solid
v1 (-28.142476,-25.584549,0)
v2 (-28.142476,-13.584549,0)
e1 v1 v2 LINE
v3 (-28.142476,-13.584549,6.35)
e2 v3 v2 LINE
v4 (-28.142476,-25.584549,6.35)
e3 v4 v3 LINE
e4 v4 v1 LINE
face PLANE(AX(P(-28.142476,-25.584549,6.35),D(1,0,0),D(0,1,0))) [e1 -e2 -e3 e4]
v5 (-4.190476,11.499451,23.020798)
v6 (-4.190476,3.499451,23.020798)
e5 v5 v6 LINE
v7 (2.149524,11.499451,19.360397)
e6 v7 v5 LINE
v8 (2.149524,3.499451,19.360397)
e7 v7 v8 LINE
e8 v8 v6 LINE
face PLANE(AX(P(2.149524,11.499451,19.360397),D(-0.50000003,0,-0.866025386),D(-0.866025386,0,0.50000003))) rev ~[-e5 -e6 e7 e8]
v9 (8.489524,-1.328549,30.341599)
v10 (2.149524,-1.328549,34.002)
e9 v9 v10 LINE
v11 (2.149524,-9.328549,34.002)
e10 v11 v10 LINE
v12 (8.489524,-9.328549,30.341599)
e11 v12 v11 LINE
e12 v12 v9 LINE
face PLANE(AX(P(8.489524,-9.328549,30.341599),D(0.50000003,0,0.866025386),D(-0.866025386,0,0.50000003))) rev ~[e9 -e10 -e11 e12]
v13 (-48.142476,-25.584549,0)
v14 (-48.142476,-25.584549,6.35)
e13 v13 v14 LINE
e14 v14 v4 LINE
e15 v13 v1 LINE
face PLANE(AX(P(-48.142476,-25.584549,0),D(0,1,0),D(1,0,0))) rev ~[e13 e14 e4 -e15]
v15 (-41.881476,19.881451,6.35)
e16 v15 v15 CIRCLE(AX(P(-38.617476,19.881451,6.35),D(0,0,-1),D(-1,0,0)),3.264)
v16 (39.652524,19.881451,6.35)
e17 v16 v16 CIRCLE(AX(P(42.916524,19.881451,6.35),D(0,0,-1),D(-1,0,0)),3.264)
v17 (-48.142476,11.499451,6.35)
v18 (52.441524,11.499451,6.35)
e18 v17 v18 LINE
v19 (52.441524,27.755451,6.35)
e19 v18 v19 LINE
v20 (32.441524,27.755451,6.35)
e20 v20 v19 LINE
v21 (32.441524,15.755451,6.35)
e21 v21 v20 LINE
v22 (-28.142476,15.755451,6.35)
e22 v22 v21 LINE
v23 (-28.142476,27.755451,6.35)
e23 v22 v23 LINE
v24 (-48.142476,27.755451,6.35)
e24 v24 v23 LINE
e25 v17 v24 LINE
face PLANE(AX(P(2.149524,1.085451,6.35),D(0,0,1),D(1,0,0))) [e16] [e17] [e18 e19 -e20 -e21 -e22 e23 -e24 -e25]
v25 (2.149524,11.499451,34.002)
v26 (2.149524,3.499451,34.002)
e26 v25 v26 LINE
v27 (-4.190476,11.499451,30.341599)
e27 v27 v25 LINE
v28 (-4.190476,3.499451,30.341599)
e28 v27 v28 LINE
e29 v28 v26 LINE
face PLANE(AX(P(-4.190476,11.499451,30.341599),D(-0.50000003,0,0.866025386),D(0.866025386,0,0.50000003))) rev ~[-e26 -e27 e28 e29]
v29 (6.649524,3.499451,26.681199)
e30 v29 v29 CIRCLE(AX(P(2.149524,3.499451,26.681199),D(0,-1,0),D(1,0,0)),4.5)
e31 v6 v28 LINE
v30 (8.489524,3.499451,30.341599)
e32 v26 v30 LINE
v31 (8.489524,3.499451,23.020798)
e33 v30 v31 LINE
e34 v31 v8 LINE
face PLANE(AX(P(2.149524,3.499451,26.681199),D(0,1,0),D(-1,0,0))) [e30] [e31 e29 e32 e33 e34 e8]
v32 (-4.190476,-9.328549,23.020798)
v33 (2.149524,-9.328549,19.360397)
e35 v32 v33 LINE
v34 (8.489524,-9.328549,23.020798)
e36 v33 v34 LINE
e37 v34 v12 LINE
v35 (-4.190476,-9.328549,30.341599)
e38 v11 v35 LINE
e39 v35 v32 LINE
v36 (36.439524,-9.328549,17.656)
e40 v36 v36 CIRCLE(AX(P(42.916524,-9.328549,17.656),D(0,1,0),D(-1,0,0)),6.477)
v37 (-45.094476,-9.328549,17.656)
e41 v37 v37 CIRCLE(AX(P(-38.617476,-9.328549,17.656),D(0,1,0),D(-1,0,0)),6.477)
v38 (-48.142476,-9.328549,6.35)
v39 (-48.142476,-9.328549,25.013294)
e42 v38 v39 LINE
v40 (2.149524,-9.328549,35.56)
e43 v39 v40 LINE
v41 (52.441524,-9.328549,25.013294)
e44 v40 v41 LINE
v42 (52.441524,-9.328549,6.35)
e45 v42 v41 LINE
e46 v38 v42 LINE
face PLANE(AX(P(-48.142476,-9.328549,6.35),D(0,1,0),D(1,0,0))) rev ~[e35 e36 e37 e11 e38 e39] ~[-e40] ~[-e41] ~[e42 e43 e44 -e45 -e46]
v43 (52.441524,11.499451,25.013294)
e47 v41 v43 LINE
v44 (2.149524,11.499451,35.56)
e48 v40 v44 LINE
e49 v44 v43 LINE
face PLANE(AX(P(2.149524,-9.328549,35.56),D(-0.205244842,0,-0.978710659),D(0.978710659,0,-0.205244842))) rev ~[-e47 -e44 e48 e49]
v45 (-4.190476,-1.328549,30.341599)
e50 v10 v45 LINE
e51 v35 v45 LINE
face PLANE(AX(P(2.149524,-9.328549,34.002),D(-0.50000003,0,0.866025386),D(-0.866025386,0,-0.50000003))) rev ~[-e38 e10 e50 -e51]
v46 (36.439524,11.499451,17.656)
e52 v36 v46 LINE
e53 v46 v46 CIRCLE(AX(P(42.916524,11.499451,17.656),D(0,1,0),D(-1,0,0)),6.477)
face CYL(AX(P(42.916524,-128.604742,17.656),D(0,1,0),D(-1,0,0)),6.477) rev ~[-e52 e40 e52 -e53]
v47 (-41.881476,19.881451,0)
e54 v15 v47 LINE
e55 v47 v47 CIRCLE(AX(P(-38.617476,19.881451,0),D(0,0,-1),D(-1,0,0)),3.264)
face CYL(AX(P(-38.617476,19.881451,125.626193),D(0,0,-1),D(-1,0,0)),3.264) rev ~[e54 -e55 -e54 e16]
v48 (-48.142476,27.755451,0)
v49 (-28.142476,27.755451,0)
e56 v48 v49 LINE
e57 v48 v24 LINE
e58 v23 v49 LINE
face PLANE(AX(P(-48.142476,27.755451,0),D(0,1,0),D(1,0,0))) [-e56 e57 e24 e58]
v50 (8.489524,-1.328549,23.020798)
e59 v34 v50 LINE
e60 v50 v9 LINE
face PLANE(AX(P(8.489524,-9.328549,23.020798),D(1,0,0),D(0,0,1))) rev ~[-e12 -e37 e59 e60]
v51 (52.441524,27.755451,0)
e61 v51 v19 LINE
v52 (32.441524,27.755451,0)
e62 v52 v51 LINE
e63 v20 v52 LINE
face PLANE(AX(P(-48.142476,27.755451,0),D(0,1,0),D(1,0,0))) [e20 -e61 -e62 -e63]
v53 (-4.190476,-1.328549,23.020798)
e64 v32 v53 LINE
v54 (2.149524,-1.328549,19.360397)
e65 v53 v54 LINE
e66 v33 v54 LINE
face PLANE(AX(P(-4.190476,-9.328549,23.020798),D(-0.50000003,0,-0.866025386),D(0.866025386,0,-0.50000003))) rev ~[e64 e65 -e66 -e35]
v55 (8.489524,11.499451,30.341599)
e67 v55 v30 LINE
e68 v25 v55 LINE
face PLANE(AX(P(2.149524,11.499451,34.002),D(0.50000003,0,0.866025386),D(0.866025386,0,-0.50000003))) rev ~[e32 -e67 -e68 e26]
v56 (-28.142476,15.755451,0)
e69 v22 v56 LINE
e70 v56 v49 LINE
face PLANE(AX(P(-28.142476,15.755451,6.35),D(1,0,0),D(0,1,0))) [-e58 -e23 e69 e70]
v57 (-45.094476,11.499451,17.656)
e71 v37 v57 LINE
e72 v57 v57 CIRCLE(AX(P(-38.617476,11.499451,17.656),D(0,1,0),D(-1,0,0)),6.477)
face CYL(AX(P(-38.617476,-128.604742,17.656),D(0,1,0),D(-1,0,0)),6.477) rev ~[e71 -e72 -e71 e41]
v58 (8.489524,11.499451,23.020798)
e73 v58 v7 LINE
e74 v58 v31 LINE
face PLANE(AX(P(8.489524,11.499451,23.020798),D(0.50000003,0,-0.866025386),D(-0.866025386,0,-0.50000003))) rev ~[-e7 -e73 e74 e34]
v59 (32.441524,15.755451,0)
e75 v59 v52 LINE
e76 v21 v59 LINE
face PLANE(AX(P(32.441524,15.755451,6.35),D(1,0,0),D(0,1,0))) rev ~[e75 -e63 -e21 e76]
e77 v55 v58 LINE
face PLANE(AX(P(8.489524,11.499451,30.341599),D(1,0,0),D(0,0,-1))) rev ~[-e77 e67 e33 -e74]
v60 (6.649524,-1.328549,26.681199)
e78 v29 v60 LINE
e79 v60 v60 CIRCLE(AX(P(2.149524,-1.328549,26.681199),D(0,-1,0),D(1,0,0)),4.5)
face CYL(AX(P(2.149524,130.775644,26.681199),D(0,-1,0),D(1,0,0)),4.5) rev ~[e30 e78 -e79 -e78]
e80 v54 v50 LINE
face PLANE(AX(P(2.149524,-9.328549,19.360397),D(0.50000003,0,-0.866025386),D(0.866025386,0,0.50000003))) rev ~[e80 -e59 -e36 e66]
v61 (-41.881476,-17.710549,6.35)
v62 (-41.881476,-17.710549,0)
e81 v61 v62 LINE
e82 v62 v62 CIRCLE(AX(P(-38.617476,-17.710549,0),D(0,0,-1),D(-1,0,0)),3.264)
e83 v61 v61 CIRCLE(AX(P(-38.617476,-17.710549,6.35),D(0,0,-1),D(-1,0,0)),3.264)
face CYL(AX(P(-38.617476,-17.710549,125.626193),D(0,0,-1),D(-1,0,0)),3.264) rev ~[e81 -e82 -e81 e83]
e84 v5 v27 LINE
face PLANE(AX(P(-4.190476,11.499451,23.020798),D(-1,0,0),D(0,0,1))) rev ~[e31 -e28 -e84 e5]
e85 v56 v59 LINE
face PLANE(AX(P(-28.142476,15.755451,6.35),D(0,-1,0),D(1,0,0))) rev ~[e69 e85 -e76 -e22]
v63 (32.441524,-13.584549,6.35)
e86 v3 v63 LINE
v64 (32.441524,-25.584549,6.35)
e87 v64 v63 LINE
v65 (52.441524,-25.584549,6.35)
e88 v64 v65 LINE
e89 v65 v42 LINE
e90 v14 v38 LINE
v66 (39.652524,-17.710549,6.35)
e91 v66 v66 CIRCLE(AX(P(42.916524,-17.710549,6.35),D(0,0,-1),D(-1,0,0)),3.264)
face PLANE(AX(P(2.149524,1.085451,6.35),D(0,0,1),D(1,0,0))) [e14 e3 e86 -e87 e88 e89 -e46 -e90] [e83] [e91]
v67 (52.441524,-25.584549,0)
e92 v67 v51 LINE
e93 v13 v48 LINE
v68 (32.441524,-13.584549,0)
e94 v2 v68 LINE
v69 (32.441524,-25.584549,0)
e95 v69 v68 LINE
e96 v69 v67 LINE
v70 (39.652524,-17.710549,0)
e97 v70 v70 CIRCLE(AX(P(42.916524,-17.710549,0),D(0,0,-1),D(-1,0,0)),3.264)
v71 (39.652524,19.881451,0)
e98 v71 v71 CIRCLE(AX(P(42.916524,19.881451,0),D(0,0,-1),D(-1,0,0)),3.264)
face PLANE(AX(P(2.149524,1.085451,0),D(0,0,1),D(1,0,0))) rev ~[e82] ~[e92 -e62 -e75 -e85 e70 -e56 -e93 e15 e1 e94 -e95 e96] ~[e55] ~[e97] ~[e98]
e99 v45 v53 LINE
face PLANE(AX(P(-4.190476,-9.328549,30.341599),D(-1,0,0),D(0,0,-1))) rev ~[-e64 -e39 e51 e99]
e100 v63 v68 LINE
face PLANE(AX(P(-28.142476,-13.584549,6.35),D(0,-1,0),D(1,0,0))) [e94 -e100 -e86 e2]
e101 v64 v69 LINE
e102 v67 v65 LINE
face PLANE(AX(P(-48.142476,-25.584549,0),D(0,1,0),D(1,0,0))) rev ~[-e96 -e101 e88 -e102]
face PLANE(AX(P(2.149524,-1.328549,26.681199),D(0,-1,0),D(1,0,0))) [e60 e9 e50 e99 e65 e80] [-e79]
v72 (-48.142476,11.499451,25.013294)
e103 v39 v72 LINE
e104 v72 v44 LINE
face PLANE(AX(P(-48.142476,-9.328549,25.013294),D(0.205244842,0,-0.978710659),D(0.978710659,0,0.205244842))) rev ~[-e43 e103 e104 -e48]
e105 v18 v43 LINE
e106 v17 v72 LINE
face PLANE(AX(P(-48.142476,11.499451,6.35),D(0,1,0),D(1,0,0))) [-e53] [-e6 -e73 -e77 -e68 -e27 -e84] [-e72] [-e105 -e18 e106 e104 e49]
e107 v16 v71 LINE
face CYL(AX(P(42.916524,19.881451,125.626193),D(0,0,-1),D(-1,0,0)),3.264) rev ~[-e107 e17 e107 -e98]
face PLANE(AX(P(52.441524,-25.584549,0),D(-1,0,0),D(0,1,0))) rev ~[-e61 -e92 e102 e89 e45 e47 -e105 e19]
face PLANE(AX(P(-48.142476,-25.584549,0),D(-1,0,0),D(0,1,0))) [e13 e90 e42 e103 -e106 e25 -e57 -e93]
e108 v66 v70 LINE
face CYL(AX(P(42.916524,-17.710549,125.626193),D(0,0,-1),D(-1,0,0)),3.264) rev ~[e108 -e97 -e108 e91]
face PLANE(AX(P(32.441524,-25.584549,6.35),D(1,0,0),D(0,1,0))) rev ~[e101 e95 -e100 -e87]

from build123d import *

# Parameters (mm, degrees)
F0_W      = 100.584
F0_H      = 53.34
F1_DEPTH  = 6.35
F2_W      = 100.584
F2_H      = 20.828
F3_DEPTH  = 29.21
F5_DEPTH  = 8
F7_DEPTH  = 8
F9_D      = 9
F11_D     = 12.954
F13_D     = 6.528
F14_W     = 60.584
F14_H     = 12
F15_DEPTH = 6.35
F16_W     = 60.584
F16_H     = 12
F17_DEPTH = 6.35
F19_DEPTH = 20.828


with BuildPart() as f1:
    # F0 (on Top) → F1 (new body)
    with BuildSketch(Plane.XY):
        with Locations((2.149524, 1.085451)):
            Rectangle(F0_W, F0_H)
    extrude(amount=F1_DEPTH)

    # F2 (on face) → F3 (join)
    with BuildSketch(Plane.XY.offset(6.35)):
        with Locations((2.149524, 1.085451)):
            Rectangle(F2_W, F2_H)
    extrude(amount=F3_DEPTH)

    # F4 (on face) → F5 (cut)
    with BuildSketch(Plane.XZ.offset(9.328549)):
        Polygon((8.489524, 23.020798), (8.489524, 30.341599), (2.149524, 34.002), (-4.190476, 30.341599), (-4.190476, 23.020798), (2.149524, 19.360397), align=None)
    extrude(amount=-F5_DEPTH, mode=Mode.SUBTRACT)

    # F6 (on face) → F7 (cut)
    with BuildSketch(Plane(origin=(0, 11.499451, 0), x_dir=(-1, 0, 0), z_dir=(0, 1, 0))):
        Polygon((4.190476, 23.020798), (4.190476, 30.341599), (-2.149524, 34.002), (-8.489524, 30.341599), (-8.489524, 23.020798), (-2.149524, 19.360397), align=None)
    extrude(amount=-F7_DEPTH, mode=Mode.SUBTRACT)

    # F9 (through all)
    with Locations(Plane(origin=(0, 11.499451, 0), x_dir=(-1, 0, 0), z_dir=(0, 1, 0))):
        with Locations((-2.149524, 26.681199)):
            Hole(F9_D / 2)

    # F11 (through all)
    with Locations(Plane.XZ.offset(9.328549)):
        with Locations((42.916524, 17.656), (-38.617476, 17.656)):
            Hole(F11_D / 2)

    # F13 (through all)
    with Locations(Plane.XY.offset(6.35)):
        with Locations((-38.617476, -17.710549), (-38.617476, 19.881451), (42.916524, 19.881451), (42.916524, -17.710549)):
            Hole(F13_D / 2)

    # F14 (on face) → F15 (cut, through all)
    with BuildSketch(Plane.XY.offset(6.35)):
        with Locations((2.149524, 21.755451)):
            Rectangle(F14_W, F14_H)
    extrude(amount=-F15_DEPTH, mode=Mode.SUBTRACT)

    # F16 (on face) → F17 (cut, through all)
    with BuildSketch(Plane.XY.offset(6.35)):
        with Locations((2.149524, -19.584549)):
            Rectangle(F16_W, F16_H)
    extrude(amount=-F17_DEPTH, mode=Mode.SUBTRACT)

    # F18 (on face) → F19 (cut, through all)
    with BuildSketch(Plane.XZ.offset(9.328549)):
        Polygon((-48.142476, 25.013294), (2.149524, 35.56), (-48.142476, 35.56), align=None)
        Polygon((52.441524, 35.56), (2.149524, 35.56), (52.441524, 25.013294), align=None)
    extrude(amount=-F19_DEPTH, mode=Mode.SUBTRACT)


solid = f1.part
